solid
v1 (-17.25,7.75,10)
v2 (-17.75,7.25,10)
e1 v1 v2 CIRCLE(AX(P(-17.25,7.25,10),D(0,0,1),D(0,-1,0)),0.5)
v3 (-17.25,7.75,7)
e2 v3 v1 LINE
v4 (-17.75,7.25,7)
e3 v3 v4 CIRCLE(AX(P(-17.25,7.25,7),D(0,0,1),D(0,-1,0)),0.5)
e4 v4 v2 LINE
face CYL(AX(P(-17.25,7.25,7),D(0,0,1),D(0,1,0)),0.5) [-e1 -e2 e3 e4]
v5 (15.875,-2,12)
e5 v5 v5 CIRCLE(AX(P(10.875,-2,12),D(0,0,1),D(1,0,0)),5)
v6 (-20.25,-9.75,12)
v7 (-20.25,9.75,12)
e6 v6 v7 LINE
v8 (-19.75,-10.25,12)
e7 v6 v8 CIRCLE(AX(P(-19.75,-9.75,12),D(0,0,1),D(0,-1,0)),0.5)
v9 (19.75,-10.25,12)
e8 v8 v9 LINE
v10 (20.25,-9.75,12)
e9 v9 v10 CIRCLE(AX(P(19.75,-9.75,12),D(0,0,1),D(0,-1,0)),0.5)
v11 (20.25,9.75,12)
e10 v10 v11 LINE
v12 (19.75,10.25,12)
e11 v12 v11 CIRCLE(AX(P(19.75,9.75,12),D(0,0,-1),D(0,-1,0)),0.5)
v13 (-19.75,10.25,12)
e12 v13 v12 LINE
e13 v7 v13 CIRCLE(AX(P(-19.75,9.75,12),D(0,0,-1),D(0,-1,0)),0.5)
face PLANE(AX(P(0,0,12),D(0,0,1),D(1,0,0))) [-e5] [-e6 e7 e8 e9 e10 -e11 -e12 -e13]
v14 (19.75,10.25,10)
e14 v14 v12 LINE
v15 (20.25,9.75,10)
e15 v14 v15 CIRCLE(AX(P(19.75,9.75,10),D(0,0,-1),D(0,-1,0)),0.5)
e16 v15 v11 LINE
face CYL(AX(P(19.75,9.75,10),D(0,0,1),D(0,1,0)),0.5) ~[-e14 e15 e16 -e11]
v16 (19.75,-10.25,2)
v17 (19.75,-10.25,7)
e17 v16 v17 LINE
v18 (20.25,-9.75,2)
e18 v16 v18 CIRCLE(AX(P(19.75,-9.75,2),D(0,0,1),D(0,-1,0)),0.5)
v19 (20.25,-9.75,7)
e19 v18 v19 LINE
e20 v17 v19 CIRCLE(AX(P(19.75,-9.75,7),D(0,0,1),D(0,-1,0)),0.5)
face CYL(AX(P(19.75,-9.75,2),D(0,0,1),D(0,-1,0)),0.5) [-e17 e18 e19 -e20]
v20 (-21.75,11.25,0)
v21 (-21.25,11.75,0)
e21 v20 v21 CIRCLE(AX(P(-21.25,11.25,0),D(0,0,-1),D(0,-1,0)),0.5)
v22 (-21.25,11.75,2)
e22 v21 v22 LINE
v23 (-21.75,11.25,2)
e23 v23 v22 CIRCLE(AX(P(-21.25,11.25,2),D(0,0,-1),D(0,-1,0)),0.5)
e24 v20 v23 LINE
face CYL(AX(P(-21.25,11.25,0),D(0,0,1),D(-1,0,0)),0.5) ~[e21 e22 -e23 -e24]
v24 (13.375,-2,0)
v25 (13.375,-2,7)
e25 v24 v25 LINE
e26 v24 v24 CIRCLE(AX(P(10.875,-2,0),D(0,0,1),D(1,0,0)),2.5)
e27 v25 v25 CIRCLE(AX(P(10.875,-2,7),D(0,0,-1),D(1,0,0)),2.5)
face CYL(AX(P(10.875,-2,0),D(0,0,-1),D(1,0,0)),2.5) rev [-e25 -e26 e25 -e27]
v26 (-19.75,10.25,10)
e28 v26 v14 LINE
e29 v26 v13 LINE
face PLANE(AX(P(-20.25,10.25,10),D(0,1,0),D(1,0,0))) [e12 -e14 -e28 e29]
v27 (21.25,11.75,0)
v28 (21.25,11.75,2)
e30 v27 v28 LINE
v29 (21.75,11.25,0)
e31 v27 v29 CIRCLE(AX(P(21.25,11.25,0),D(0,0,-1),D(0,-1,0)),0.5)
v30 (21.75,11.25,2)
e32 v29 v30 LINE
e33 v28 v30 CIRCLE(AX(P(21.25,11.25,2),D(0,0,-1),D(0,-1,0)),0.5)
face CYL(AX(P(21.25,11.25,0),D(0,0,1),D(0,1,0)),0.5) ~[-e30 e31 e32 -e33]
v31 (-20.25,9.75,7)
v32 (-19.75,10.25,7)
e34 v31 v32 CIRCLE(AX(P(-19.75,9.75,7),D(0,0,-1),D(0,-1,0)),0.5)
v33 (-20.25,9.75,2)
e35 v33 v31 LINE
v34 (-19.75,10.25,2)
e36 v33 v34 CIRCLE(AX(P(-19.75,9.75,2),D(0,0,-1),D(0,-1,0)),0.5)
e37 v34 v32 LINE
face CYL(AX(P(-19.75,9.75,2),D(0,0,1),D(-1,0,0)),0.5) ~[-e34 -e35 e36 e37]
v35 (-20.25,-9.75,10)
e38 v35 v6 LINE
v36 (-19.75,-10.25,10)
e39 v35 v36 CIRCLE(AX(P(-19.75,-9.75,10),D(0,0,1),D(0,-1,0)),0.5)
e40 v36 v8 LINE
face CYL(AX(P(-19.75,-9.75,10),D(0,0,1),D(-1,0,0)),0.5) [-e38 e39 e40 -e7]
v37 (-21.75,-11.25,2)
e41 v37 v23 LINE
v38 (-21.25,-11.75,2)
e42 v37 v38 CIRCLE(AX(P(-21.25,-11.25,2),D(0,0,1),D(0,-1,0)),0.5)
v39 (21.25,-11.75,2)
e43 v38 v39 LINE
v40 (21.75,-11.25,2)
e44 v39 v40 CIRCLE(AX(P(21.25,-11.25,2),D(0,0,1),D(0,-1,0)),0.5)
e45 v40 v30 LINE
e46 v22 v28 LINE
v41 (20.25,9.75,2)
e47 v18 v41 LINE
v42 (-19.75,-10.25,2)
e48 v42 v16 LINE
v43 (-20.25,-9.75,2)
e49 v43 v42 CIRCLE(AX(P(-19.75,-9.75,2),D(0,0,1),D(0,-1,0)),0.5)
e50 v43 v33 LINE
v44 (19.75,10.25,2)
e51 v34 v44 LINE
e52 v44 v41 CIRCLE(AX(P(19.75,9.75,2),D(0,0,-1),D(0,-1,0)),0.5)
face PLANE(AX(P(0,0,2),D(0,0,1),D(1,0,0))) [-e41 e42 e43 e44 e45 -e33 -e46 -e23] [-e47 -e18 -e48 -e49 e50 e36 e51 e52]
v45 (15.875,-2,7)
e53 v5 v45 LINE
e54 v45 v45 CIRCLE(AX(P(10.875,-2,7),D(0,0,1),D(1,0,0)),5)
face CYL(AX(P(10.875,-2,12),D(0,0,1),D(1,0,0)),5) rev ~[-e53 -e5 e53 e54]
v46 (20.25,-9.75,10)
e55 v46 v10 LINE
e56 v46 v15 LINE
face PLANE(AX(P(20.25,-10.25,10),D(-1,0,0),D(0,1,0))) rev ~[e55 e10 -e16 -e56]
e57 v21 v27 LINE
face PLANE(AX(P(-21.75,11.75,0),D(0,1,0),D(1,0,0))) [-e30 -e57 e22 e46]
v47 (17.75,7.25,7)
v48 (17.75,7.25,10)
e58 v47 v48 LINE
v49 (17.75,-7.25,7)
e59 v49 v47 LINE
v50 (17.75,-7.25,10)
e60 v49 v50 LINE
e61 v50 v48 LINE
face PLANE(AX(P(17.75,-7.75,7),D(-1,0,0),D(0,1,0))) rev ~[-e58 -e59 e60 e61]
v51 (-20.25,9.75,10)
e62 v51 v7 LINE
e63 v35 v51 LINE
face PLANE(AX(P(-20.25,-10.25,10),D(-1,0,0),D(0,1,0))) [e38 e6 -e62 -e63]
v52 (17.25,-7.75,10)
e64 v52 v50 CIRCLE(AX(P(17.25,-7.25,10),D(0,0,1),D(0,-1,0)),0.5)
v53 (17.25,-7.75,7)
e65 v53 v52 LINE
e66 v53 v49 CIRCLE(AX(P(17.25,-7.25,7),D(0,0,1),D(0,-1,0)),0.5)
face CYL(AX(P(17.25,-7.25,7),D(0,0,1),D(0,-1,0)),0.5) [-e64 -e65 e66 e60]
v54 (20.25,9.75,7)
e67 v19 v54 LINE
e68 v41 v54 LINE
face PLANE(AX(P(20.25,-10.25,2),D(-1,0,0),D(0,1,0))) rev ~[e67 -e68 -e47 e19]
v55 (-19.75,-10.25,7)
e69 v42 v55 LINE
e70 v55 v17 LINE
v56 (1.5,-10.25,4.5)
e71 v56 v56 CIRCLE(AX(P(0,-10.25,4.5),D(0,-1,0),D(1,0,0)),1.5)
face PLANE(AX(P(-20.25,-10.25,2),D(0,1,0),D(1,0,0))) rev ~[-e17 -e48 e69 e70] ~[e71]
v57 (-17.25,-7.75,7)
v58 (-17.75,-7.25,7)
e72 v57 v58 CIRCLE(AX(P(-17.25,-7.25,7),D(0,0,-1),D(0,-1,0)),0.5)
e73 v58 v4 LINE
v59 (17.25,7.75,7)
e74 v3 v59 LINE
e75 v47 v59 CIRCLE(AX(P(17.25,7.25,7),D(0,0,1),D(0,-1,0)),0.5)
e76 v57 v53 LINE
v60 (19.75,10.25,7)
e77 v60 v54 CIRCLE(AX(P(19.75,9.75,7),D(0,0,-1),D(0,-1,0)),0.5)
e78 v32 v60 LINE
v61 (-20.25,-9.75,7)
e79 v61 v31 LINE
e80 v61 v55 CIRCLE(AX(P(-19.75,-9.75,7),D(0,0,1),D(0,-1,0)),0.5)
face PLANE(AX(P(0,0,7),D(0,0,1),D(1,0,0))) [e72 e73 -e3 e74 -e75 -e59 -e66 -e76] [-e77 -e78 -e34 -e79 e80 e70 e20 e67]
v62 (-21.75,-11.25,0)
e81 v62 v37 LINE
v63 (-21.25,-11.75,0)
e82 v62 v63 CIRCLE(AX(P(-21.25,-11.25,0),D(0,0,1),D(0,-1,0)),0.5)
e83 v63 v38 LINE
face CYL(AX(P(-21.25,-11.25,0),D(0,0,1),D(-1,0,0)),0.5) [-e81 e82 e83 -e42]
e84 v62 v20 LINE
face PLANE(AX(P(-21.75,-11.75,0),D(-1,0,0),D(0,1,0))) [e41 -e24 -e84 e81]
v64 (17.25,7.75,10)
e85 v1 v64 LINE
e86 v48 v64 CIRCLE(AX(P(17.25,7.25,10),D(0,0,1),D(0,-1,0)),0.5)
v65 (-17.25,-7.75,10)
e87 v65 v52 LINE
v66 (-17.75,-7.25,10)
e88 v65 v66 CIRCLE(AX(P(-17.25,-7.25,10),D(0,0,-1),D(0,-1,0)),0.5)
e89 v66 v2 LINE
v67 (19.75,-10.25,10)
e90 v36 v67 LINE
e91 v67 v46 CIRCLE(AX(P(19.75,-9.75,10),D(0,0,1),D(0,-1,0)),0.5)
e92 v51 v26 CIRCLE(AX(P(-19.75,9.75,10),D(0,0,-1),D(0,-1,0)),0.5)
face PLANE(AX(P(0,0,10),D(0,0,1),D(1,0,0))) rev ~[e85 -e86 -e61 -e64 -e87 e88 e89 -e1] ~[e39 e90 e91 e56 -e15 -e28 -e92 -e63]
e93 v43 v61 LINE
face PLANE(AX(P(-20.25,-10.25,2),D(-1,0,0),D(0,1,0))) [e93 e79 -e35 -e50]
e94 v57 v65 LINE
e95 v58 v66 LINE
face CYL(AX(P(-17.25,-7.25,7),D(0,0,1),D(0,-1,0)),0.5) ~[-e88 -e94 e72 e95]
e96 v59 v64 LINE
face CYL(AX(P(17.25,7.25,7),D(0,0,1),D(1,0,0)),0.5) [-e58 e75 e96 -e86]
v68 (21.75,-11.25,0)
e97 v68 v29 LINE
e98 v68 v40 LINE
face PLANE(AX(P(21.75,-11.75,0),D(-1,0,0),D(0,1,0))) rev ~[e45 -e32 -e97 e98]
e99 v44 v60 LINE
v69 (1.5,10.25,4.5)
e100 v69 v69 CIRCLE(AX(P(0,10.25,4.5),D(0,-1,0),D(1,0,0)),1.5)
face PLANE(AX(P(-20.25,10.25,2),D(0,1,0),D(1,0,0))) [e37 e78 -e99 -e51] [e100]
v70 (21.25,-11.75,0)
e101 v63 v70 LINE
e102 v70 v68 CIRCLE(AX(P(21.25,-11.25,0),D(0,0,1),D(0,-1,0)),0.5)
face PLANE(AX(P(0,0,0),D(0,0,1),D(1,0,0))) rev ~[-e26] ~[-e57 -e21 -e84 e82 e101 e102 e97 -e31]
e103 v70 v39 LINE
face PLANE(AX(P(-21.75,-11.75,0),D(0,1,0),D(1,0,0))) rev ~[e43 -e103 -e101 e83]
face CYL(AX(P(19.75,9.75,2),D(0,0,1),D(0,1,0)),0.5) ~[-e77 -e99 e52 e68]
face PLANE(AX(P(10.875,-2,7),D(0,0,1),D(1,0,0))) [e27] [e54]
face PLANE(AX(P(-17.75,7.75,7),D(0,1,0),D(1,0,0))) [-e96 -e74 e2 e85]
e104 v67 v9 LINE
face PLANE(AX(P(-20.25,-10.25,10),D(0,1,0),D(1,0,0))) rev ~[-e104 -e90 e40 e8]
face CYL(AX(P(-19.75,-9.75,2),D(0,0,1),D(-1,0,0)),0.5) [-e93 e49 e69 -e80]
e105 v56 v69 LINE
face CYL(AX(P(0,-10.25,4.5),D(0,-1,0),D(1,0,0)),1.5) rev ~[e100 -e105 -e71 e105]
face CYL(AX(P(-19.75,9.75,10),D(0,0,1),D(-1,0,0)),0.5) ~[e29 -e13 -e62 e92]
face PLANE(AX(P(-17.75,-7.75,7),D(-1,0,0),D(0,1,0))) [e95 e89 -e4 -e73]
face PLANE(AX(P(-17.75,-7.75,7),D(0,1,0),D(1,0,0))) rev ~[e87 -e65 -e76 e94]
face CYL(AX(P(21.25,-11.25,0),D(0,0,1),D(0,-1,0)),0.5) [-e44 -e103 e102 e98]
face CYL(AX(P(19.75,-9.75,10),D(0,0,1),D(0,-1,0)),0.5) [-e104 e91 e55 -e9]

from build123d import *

# Parameters (mm, degrees)
F0_W      = 43.5
F0_H      = 23.5
F1_DEPTH  = 2
F2_W      = 40.5
F2_H      = 20.5
F3_DEPTH  = 5
F4_W      = 35.5
F4_H      = 15.5
F5_DEPTH  = 3
F6_W      = 40.5
F6_H      = 20.5
F7_DEPTH  = 2
F8_R      = 0.5
F9_R      = 2.5
F10_DEPTH = 12.001
F11_R     = 5
F12_DEPTH = 5
F13_R     = 1.5
F14_DEPTH = 25


with BuildPart() as f1:
    # F0 (on Top) → F1 (new body)
    with BuildSketch(Plane.XY):
        Rectangle(F0_W, F0_H)
    extrude(amount=F1_DEPTH)

    # F2 (on face) → F3 (join)
    with BuildSketch(Plane.XY.offset(2)):
        Rectangle(F2_W, F2_H)
    extrude(amount=F3_DEPTH)

    # F4 (on face) → F5 (join)
    with BuildSketch(Plane.XY.offset(7)):
        Rectangle(F4_W, F4_H)
    extrude(amount=F5_DEPTH)

    # F6 (on face) → F7 (join)
    with BuildSketch(Plane.XY.offset(10)):
        Rectangle(F6_W, F6_H)
    extrude(amount=F7_DEPTH)

    # F8
    f8_edges = [f1.edges().sort_by_distance(p)[0] for p in [
        (-20.25, 10.25, 4.5),
        (-17.75, 7.75, 8.5),
        (-20.25, 10.25, 11),
        (-20.25, -10.25, 4.5),
        (-17.75, -7.75, 8.5),
        (-20.25, -10.25, 11),
        (20.25, -10.25, 4.5),
        (17.75, -7.75, 8.5),
        (20.25, -10.25, 11),
        (20.25, 10.25, 4.5),
        (17.75, 7.75, 8.5),
        (20.25, 10.25, 11),
        (21.75, -11.75, 1),
        (21.75, 11.75, 1),
        (-21.75, -11.75, 1),
        (-21.75, 11.75, 1),
    ]]
    fillet(f8_edges, radius=F8_R)

    # F9 (on Top) → F10 (cut, through all)
    with BuildSketch(Plane.XY):
        with Locations((10.875, -2)):
            Circle(F9_R)
    extrude(amount=F10_DEPTH, mode=Mode.SUBTRACT)

    # F11 (on face) → F12 (cut, through all)
    with BuildSketch(Plane.XY.offset(12)):
        with Locations((10.875, -2)):
            Circle(F11_R)
    extrude(amount=-F12_DEPTH, mode=Mode.SUBTRACT)

    # F13 (on face) → F14 (cut)
    with BuildSketch(Plane.XZ.offset(10.25)):
        with Locations((0, 4.5)):
            Circle(F13_R)
    extrude(amount=-F14_DEPTH, mode=Mode.SUBTRACT)


solid = f1.part
